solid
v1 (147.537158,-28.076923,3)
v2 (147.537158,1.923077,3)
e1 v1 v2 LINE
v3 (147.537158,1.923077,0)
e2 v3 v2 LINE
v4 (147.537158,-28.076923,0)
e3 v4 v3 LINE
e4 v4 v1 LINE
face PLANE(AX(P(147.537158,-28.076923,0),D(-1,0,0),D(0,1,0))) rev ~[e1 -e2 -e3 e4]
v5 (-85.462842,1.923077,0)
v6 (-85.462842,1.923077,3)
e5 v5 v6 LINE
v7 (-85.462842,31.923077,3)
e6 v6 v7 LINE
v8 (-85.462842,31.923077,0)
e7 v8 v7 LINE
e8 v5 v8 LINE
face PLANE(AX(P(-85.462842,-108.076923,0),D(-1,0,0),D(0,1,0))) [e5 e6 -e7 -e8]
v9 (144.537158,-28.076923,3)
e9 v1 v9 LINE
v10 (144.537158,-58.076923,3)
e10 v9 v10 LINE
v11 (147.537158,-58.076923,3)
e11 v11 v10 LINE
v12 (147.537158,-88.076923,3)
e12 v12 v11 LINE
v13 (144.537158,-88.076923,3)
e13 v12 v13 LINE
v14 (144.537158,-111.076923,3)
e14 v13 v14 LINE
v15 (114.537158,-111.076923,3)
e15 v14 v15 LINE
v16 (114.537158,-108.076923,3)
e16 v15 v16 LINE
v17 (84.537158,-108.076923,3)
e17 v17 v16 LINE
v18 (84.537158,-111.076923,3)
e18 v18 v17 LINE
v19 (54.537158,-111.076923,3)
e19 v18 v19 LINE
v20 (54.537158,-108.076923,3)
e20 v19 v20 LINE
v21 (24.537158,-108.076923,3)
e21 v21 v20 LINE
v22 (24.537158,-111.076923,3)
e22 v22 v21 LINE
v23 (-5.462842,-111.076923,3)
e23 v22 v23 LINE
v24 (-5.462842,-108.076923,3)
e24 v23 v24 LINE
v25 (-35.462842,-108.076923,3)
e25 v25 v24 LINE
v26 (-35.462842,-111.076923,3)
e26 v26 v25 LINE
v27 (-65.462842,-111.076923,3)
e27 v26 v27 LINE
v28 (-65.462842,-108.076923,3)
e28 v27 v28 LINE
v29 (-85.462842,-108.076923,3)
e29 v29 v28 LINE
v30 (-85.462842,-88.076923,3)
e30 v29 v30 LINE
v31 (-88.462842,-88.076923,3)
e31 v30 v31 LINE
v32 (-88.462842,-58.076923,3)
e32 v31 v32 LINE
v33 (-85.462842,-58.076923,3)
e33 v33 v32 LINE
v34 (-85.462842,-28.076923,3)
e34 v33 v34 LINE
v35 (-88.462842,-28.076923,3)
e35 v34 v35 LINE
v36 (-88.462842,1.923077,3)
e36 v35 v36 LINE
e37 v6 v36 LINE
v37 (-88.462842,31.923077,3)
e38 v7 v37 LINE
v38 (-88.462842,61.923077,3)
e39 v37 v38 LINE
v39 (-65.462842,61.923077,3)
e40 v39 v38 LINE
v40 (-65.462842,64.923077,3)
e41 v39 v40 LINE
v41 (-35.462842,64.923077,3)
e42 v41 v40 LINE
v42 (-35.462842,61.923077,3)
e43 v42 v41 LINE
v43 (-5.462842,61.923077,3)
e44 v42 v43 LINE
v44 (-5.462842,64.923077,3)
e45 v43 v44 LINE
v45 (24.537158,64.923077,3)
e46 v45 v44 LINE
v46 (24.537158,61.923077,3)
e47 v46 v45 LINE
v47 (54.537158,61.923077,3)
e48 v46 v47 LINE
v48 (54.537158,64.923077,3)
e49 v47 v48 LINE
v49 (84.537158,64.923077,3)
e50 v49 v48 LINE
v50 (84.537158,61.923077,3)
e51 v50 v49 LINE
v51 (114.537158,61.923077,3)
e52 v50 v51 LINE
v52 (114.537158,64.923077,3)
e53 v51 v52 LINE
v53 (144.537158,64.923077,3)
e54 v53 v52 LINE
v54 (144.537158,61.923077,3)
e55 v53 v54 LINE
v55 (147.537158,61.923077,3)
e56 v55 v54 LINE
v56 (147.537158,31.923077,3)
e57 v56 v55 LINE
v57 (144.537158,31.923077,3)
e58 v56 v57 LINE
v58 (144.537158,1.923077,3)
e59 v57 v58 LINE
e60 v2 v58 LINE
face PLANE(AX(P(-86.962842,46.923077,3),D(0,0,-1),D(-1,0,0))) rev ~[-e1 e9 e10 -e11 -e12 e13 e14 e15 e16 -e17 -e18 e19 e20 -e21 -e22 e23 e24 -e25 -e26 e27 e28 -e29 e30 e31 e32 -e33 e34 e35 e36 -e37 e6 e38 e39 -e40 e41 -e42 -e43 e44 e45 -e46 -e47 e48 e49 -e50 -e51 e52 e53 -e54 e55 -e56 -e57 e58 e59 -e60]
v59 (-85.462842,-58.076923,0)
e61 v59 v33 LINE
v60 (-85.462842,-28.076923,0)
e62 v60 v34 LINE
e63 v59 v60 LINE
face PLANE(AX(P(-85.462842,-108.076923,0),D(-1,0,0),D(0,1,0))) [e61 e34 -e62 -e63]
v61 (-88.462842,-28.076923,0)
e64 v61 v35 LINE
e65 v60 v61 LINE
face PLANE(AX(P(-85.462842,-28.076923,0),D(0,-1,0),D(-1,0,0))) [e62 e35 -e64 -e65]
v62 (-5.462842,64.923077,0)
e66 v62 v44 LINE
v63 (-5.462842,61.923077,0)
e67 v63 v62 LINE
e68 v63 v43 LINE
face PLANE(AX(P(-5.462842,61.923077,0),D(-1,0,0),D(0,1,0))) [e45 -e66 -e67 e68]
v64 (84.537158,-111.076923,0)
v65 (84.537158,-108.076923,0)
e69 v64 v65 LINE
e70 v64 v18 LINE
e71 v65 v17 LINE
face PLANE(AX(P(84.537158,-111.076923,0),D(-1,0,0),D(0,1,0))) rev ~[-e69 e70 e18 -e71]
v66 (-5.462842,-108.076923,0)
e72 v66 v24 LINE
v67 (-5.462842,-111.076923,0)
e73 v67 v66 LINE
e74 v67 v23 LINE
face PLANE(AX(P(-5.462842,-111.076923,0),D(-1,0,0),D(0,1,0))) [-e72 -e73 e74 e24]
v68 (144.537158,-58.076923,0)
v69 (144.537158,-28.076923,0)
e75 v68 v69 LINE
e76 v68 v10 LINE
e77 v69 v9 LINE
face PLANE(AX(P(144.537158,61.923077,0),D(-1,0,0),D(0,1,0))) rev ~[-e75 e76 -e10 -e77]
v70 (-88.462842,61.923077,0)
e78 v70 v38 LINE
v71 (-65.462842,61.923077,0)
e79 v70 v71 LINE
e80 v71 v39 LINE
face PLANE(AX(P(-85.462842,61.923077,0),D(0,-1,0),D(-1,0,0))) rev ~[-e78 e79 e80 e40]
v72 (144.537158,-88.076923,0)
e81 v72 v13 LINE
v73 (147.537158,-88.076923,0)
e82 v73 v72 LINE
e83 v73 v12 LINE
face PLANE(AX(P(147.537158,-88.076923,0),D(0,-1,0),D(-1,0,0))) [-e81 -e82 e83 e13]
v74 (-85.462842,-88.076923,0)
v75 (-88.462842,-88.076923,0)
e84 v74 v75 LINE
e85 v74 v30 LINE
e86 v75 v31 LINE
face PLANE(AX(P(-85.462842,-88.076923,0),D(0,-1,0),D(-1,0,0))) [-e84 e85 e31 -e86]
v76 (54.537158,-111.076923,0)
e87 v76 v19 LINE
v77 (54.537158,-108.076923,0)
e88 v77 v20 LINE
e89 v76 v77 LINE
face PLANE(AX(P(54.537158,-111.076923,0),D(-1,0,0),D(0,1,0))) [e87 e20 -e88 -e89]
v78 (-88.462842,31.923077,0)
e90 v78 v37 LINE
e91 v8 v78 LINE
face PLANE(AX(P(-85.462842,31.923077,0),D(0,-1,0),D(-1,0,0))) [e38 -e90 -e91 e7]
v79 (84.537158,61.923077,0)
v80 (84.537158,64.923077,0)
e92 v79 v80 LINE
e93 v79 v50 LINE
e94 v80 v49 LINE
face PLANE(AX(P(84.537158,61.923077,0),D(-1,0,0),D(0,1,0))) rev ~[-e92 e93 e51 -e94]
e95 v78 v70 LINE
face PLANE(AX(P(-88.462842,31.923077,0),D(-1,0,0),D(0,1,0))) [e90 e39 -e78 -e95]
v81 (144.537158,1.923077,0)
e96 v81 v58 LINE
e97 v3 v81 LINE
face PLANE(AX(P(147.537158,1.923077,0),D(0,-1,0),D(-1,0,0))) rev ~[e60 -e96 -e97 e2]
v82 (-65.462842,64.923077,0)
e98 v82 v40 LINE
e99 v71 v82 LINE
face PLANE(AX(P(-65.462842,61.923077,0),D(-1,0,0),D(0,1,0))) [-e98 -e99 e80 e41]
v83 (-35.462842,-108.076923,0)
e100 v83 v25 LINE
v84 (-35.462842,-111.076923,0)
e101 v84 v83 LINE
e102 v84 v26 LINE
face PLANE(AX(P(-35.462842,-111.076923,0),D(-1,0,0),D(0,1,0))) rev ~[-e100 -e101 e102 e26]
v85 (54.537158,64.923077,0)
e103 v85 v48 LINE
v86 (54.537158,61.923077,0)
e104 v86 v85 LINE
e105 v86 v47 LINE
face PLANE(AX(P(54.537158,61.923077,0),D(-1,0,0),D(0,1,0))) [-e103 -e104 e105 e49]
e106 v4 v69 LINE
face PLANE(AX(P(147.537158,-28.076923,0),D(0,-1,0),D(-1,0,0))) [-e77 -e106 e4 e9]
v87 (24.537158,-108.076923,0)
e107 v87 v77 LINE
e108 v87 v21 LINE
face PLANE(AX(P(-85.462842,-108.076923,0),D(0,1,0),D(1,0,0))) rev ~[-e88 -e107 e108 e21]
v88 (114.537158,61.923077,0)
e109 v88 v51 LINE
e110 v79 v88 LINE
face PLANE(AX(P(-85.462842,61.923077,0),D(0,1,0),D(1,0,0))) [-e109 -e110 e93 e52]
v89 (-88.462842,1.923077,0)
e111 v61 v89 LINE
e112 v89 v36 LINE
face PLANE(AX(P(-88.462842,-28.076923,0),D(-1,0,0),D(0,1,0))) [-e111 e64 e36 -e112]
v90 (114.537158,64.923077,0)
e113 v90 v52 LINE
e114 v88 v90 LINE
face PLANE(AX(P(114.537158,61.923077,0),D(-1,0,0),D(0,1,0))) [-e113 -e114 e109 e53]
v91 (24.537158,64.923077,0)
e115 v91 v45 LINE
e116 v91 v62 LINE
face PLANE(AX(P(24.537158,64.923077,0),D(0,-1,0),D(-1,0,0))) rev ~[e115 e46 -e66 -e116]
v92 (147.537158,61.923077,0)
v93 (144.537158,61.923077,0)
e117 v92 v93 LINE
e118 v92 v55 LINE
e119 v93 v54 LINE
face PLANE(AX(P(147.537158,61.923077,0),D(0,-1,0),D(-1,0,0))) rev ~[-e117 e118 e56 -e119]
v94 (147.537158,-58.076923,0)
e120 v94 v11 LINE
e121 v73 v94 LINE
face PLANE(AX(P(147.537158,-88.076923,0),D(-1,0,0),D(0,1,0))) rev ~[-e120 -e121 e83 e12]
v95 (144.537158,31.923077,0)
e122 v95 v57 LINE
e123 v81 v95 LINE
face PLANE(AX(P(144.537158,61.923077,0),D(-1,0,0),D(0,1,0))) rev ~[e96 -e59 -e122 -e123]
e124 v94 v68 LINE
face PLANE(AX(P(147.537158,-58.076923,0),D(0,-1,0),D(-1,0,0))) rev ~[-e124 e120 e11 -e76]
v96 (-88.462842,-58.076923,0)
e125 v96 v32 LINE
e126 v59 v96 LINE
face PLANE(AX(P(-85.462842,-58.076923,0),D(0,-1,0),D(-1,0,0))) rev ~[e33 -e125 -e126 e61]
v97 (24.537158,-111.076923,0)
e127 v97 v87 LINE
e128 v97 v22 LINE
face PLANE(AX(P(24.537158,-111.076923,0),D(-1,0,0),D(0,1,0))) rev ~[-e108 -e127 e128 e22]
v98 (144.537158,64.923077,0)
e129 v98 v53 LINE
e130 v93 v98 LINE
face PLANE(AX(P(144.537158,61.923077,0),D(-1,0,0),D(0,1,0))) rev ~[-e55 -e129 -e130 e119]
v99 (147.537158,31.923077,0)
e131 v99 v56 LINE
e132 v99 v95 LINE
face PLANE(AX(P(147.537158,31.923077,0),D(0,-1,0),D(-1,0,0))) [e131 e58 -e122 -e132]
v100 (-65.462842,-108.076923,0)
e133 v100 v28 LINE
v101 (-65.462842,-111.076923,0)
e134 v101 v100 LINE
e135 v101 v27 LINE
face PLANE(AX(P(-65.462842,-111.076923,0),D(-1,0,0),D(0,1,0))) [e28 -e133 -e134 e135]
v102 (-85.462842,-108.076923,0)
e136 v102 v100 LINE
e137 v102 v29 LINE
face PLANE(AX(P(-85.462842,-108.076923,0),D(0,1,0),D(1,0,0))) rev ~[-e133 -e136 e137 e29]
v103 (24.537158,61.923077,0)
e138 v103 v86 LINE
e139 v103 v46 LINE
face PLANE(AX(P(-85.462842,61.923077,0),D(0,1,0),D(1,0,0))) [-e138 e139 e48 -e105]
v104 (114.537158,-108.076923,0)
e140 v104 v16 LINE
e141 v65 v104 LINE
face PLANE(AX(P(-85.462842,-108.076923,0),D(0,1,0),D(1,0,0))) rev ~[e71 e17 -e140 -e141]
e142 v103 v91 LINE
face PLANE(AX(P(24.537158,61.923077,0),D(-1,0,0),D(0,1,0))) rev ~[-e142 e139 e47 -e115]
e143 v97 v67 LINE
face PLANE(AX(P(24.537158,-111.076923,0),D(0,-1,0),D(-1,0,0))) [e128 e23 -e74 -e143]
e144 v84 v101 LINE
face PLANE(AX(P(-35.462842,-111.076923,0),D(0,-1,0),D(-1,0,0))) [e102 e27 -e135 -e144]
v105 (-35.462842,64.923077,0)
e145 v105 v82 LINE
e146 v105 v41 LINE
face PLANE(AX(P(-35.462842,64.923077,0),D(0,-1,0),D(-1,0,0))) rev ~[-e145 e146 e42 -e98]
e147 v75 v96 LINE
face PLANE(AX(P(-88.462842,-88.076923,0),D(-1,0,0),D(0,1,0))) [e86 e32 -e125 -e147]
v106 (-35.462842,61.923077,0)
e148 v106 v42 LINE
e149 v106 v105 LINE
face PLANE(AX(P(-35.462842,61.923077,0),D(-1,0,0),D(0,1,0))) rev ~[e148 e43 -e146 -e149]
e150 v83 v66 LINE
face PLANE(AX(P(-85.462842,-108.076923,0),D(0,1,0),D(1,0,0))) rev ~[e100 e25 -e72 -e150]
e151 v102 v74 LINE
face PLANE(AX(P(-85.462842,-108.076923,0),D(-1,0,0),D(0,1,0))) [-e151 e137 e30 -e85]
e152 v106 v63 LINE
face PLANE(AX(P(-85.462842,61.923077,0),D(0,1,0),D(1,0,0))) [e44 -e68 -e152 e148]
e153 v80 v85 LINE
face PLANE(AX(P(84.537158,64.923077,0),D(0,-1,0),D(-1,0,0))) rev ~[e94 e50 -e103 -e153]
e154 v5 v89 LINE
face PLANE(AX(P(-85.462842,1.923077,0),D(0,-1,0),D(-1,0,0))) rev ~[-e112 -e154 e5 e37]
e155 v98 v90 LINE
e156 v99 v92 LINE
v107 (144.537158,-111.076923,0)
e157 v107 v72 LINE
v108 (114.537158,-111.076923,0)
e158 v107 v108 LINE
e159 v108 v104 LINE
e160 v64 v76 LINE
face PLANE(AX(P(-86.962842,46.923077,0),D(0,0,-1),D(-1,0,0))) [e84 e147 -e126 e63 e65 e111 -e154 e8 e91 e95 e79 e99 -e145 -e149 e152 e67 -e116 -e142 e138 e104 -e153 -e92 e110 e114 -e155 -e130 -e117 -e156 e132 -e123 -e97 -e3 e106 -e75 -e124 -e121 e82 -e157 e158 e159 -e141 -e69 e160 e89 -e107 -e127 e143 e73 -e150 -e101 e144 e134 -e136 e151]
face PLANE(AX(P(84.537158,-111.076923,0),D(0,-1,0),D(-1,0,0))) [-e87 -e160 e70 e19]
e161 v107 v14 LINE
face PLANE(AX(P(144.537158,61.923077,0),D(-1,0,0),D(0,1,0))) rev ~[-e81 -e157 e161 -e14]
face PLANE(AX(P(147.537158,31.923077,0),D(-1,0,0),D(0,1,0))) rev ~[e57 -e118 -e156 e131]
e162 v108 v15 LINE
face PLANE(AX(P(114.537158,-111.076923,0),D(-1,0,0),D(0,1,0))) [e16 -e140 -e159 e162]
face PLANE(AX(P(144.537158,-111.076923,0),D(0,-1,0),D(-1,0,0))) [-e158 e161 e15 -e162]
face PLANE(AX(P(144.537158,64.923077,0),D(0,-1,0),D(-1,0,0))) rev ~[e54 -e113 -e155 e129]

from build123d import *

# Parameters (mm, degrees)
ESQUISSE1_W        = 230
ESQUISSE1_H        = 170
BOSS_EXTRU_1_DEPTH = 3
ESQUISSE2_W        = 30
ESQUISSE2_H        = 3
BOSS_EXTRU_6_DEPTH = 3
ESQUISSE4_W        = 3
ESQUISSE4_H        = 30
BOSS_EXTRU_7_DEPTH = 3


with BuildPart() as part:
    # Esquisse1 → Boss.-Extru.1 (new body)
    with BuildSketch(Plane.XY):
        with Locations((29.537157757, -23.076923077)):
            Rectangle(ESQUISSE1_W, ESQUISSE1_H)
    extrude(amount=BOSS_EXTRU_1_DEPTH)

    # Esquisse2 → Boss.-Extru.6 (add)
    with BuildSketch(Plane(origin=(0, 0, 0), x_dir=(-1, 0, 0), z_dir=(0, 0, -1))):
        with Locations((-129.537157757, 63.423076923)):
            Rectangle(ESQUISSE2_W, ESQUISSE2_H)
        with Locations((-69.537157757, 63.423076923)):
            Rectangle(ESQUISSE2_W, ESQUISSE2_H)
        with Locations((-9.537157757, 63.423076923)):
            Rectangle(ESQUISSE2_W, ESQUISSE2_H)
        with Locations((50.462842243, 63.423076923)):
            Rectangle(ESQUISSE2_W, ESQUISSE2_H)
        with Locations((50.462842243, -109.576923077)):
            Rectangle(ESQUISSE2_W, ESQUISSE2_H)
        with Locations((-129.537157757, -109.576923077)):
            Rectangle(ESQUISSE2_W, ESQUISSE2_H)
        with Locations((-69.537157757, -109.576923077)):
            Rectangle(ESQUISSE2_W, ESQUISSE2_H)
        with Locations((-9.537157757, -109.576923077)):
            Rectangle(ESQUISSE2_W, ESQUISSE2_H)
    extrude(amount=-BOSS_EXTRU_6_DEPTH)

    # Esquisse4 → Boss.-Extru.7 (add)
    with BuildSketch(Plane(origin=(0, 0, 0), x_dir=(-1, 0, 0), z_dir=(0, 0, -1))):
        with Locations((86.962842243, 46.923076923)):
            Rectangle(ESQUISSE4_W, ESQUISSE4_H)
        with Locations((86.962842243, -13.076923077)):
            Rectangle(ESQUISSE4_W, ESQUISSE4_H)
        with Locations((86.962842243, -73.076923077)):
            Rectangle(ESQUISSE4_W, ESQUISSE4_H)
        with Locations((-146.037157757, 46.923076923)):
            Rectangle(ESQUISSE4_W, ESQUISSE4_H)
        with Locations((-146.037157757, -13.076923077)):
            Rectangle(ESQUISSE4_W, ESQUISSE4_H)
        with Locations((-146.037157757, -73.076923077)):
            Rectangle(ESQUISSE4_W, ESQUISSE4_H)
    extrude(amount=-BOSS_EXTRU_7_DEPTH)


solid = part.part
